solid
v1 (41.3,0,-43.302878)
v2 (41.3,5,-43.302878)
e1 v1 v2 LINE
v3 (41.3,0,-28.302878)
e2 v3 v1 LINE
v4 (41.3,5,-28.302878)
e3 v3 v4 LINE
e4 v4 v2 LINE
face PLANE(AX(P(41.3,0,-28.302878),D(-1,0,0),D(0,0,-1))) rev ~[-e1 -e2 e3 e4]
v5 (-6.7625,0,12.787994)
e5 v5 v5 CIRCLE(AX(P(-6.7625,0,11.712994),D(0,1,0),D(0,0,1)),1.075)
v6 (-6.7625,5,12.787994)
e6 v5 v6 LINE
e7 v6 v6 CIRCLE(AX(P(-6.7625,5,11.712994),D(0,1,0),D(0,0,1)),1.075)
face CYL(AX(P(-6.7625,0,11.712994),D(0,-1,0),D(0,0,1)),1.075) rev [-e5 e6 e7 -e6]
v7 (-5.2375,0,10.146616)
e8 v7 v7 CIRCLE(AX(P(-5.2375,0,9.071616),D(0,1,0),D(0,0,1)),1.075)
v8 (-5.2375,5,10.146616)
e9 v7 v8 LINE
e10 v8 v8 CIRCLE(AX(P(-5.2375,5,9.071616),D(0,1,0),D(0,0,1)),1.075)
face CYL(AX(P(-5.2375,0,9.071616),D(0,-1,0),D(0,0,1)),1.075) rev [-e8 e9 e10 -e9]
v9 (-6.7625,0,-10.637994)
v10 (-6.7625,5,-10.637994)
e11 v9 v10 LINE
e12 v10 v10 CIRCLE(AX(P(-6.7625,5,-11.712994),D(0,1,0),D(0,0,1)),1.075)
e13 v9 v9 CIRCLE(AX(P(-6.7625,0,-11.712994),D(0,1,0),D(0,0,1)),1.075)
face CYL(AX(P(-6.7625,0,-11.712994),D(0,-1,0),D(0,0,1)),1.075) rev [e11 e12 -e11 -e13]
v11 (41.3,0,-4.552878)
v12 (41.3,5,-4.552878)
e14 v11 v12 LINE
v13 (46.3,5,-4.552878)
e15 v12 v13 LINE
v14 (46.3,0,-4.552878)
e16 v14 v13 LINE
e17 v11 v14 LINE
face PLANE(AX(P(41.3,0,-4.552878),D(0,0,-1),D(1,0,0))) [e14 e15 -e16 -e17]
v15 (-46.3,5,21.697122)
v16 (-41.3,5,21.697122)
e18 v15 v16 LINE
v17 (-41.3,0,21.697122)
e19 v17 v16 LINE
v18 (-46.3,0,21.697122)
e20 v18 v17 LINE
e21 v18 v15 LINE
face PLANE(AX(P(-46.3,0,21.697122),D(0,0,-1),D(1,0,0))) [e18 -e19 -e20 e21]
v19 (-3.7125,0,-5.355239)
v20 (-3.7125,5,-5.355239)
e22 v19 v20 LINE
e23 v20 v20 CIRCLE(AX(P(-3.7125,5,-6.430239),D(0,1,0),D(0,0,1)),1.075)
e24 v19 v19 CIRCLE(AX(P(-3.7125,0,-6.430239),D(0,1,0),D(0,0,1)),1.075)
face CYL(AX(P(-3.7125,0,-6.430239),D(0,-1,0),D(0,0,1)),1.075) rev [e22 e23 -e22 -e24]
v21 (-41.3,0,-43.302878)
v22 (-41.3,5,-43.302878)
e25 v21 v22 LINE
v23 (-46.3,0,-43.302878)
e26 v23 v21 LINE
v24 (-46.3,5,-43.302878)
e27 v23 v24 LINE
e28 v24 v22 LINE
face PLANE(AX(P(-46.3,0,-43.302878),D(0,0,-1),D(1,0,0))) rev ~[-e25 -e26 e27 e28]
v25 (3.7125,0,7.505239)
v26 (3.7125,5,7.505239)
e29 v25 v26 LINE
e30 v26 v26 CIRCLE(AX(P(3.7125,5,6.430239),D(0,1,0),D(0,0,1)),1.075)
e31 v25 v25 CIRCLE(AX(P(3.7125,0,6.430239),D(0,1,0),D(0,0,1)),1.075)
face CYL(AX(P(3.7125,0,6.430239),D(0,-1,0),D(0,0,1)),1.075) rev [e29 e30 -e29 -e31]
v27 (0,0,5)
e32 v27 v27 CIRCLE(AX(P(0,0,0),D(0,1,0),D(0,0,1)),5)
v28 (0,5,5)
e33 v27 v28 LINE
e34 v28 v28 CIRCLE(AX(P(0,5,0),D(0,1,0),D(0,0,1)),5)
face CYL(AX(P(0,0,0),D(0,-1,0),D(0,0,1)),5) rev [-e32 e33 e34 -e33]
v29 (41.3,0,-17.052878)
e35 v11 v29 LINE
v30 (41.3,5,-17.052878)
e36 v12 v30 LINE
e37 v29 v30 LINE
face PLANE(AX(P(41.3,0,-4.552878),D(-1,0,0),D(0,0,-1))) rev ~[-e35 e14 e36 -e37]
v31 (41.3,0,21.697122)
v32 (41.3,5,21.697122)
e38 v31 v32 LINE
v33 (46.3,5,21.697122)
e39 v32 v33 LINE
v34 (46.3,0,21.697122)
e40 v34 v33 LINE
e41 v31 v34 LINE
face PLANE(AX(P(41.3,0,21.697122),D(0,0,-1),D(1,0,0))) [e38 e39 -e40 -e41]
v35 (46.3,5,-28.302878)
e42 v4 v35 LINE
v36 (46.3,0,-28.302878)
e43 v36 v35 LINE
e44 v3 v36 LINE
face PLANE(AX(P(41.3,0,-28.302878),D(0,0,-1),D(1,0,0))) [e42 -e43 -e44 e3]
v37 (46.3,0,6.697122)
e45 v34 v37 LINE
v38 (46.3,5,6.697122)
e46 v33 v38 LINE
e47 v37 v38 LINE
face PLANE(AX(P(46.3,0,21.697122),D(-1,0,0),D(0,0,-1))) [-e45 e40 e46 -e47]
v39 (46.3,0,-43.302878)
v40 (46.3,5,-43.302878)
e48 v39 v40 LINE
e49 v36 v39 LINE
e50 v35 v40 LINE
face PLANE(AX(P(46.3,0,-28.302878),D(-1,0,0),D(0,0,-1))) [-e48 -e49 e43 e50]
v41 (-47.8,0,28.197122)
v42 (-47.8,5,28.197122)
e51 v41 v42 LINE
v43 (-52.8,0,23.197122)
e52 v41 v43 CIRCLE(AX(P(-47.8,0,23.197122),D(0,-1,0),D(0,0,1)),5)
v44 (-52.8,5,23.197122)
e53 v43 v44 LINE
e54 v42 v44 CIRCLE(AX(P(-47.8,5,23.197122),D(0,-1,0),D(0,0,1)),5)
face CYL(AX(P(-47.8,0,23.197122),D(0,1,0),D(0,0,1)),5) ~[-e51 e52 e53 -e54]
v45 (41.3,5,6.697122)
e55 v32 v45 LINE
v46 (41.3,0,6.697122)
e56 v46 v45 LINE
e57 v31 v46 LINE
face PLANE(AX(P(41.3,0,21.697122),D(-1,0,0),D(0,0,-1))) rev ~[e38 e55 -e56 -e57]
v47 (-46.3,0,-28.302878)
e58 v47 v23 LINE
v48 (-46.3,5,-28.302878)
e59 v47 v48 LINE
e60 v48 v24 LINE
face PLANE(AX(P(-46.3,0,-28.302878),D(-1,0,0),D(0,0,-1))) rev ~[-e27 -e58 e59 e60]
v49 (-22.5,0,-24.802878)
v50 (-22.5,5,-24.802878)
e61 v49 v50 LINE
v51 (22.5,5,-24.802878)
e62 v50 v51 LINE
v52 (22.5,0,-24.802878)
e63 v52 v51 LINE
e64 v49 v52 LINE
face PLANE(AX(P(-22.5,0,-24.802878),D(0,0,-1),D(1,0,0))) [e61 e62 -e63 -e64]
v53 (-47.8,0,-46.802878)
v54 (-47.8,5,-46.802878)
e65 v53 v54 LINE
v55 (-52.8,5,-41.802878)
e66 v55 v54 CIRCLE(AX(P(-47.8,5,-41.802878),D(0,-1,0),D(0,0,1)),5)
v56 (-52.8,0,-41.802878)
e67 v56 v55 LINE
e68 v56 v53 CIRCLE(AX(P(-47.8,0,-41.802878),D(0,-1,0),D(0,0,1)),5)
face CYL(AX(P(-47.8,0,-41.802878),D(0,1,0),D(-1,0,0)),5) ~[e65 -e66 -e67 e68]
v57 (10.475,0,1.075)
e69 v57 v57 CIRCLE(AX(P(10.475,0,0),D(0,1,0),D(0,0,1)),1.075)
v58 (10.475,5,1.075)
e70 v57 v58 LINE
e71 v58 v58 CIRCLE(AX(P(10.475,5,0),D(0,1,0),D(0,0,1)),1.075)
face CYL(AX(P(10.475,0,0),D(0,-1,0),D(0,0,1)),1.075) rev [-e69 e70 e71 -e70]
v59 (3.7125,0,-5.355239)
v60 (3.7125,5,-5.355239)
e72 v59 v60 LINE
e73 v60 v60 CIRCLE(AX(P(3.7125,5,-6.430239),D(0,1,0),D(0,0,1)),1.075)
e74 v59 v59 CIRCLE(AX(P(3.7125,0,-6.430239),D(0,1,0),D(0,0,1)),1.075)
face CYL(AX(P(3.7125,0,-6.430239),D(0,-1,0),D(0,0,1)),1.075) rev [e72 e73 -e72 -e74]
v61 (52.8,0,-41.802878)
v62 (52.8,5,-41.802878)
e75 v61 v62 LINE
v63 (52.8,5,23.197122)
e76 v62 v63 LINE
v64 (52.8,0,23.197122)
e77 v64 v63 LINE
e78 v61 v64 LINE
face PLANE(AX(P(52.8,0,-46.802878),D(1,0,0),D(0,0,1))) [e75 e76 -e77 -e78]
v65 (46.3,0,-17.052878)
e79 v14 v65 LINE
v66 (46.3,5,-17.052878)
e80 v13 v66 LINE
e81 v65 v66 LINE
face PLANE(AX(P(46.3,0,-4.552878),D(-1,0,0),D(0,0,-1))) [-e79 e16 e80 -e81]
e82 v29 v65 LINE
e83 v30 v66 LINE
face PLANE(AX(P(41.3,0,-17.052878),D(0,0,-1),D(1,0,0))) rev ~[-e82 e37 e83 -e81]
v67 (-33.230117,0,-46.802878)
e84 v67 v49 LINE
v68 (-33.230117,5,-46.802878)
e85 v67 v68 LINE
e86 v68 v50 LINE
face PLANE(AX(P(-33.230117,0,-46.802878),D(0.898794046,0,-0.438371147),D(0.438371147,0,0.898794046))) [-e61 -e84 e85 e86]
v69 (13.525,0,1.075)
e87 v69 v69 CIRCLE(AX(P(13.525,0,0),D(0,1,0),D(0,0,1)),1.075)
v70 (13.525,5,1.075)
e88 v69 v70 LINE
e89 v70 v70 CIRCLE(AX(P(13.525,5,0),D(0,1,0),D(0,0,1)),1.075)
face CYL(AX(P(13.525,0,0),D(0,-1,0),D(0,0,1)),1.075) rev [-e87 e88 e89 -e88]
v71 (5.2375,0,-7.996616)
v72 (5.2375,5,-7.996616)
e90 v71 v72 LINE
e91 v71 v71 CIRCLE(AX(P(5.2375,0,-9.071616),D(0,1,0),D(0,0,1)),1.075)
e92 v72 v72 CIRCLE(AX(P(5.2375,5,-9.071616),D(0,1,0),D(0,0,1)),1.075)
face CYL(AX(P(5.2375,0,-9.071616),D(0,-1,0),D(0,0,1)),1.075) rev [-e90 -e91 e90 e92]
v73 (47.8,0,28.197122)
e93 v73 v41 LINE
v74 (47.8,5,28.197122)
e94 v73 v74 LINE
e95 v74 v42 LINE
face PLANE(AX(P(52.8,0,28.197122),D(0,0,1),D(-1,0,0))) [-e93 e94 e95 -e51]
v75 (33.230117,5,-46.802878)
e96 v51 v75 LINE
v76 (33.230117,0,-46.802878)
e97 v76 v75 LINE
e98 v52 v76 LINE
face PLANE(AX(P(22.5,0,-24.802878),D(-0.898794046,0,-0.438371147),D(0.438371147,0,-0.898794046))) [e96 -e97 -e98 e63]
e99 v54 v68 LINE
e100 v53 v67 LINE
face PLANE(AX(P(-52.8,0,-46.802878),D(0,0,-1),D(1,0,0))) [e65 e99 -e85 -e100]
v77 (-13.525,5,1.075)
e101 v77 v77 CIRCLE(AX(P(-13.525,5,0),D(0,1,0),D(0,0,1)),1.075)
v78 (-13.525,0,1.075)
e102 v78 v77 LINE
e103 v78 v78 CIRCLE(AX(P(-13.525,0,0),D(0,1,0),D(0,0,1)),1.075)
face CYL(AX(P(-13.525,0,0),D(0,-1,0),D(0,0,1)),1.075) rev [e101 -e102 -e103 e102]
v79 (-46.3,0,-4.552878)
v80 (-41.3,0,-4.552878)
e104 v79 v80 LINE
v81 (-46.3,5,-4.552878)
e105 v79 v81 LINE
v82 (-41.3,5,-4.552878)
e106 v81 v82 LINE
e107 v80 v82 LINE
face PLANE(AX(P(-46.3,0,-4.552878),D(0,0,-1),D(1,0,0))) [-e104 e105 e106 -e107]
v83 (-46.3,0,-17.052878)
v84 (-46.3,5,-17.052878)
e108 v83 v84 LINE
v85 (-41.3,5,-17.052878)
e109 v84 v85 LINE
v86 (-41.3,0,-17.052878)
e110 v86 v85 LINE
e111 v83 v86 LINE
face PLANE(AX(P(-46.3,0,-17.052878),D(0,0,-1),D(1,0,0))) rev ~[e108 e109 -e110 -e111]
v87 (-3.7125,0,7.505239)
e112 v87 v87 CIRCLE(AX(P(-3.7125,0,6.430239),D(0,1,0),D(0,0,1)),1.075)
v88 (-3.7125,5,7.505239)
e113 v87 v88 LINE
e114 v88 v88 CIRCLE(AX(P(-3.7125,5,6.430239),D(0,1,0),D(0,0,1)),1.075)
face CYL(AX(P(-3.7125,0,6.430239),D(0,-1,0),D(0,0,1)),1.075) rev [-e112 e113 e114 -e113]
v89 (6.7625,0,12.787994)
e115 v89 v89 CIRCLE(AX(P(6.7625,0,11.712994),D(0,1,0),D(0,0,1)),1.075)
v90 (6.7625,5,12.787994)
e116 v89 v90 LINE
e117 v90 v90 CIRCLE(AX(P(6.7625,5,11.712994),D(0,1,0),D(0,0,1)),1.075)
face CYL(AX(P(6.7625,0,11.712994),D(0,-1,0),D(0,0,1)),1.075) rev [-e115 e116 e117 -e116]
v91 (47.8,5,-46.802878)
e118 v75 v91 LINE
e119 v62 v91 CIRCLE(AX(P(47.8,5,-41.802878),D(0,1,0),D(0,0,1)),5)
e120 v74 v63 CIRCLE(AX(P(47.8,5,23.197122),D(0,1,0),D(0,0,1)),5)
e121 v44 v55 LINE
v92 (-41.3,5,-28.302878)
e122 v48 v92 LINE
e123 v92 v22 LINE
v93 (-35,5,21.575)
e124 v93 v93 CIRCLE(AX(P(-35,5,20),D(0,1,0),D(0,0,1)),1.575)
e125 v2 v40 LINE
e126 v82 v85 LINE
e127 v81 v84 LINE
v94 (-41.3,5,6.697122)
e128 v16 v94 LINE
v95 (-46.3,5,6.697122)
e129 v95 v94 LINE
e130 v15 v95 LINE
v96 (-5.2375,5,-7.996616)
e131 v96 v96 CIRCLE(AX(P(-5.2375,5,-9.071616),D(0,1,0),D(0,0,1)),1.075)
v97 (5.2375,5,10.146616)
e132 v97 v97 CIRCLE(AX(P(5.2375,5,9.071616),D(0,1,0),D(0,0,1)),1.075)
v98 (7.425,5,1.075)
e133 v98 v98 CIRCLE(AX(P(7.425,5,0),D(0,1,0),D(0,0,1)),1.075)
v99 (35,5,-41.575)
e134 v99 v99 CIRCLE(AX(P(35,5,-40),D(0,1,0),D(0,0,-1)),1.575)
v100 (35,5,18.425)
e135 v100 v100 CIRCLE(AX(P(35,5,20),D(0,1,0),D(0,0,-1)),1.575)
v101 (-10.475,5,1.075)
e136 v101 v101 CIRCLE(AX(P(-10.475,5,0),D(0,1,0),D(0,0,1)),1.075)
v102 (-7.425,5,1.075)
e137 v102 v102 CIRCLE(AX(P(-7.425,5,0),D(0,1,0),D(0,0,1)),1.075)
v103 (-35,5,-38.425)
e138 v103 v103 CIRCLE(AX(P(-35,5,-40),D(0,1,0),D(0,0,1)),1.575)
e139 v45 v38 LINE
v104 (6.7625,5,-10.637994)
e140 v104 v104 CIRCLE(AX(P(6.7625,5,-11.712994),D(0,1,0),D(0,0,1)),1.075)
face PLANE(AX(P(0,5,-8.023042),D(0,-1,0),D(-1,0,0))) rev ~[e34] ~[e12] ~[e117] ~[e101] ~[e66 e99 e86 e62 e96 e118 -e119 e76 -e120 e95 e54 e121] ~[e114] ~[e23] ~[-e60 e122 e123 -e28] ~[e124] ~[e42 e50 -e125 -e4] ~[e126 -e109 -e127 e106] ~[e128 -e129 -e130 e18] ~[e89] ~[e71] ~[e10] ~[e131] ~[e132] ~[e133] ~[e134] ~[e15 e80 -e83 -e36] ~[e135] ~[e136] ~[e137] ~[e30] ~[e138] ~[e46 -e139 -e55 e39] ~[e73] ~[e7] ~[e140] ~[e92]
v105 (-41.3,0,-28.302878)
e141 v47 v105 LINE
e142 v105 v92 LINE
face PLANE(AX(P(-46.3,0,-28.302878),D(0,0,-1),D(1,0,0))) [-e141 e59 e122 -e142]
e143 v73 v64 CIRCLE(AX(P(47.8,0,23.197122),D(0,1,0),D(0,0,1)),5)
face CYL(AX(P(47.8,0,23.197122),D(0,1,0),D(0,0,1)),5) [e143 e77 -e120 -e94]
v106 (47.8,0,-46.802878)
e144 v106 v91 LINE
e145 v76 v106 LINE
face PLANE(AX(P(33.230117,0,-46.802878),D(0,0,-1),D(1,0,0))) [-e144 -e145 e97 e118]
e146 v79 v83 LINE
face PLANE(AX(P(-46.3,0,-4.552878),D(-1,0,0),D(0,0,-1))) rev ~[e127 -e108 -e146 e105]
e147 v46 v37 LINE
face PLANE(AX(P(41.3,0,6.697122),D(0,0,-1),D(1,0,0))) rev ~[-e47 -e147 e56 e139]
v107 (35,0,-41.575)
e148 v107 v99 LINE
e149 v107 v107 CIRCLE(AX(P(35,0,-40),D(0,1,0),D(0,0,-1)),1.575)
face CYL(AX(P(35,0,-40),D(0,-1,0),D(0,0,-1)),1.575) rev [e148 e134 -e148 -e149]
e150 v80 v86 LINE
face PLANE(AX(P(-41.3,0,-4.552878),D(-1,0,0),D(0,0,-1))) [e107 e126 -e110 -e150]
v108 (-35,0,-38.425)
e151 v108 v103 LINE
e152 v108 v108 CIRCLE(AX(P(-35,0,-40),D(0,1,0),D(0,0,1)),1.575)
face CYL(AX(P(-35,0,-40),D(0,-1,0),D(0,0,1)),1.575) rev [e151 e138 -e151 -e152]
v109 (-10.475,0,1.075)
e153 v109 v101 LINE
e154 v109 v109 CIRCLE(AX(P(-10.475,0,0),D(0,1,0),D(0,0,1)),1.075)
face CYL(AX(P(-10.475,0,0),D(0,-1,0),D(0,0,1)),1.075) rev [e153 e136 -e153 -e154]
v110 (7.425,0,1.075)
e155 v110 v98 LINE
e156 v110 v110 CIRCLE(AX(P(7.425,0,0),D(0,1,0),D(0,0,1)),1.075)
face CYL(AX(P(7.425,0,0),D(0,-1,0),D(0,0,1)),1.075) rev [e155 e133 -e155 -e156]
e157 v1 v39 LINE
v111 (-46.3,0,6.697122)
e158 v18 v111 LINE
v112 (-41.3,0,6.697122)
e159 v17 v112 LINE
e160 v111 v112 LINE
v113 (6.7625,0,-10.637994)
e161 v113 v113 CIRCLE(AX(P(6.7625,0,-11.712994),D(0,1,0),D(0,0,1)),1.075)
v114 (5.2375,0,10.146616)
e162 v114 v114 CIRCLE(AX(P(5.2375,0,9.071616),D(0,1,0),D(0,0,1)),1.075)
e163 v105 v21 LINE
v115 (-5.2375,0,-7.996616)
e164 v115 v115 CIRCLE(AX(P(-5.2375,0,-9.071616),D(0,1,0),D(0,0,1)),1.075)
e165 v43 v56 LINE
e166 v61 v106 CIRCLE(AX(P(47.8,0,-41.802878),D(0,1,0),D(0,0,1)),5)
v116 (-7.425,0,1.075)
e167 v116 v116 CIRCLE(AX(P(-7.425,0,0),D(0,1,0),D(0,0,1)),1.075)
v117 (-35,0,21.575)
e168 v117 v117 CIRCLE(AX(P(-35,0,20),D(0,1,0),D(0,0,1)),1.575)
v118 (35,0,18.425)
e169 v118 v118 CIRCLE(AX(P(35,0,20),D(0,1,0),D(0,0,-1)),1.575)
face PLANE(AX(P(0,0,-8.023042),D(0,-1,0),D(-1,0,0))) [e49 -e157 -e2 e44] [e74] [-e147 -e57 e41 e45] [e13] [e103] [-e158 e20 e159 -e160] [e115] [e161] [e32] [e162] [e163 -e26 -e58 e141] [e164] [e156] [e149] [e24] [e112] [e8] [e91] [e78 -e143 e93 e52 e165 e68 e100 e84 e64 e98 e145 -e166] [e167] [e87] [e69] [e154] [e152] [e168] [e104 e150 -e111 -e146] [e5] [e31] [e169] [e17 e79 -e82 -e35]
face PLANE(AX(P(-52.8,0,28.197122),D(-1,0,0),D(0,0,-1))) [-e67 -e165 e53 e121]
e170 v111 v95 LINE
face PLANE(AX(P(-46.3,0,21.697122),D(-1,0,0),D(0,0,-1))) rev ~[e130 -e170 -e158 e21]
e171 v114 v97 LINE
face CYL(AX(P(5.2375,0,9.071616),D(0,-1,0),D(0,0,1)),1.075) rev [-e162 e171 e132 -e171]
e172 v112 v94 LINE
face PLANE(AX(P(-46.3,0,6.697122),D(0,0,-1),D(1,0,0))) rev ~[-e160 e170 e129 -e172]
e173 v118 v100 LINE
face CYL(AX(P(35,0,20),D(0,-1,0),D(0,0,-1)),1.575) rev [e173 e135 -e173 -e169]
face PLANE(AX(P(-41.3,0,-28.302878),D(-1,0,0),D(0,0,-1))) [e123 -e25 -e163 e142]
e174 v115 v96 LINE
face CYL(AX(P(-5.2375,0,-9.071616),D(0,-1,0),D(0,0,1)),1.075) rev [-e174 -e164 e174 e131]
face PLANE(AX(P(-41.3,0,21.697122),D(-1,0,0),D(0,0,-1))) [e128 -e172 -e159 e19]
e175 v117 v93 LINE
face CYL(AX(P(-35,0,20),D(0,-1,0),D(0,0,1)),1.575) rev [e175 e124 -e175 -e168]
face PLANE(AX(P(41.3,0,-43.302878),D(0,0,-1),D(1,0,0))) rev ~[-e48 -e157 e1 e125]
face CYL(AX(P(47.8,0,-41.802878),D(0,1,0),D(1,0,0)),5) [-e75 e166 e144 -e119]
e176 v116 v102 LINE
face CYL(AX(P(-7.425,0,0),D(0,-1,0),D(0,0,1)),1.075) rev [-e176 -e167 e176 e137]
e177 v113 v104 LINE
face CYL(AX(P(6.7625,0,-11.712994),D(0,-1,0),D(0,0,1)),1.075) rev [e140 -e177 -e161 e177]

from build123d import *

# Parameters (mm, degrees)
SKETCH_1_R      = 5
SKETCH_1_R_2    = 1.075
SKETCH_1_R_3    = 1.575
SKETCH_1_W      = 5
SKETCH_1_H      = 15
SKETCH_1_H_2    = 12.5
EXTRUDE_1_DEPTH = 5
FILLET_1_R      = 5


with BuildPart() as part:
    # 草图1 → 凸台-拉伸1 (new body)
    with BuildSketch(Plane(origin=(0, 0, 0), x_dir=(1, 0, 0), z_dir=(0, 1, 0))):
        Polygon((52.8, -28.197121602), (-52.8, -28.197121602), (-52.8, 46.802878398), (-33.230116948, 46.802878398), (-22.5, 24.802878398), (22.5, 24.802878398), (33.230116948, 46.802878398), (52.8, 46.802878398), align=None)
        with Locations(Location((0, 0, 0), (0, 0, 270))):
            Circle(SKETCH_1_R, mode=Mode.SUBTRACT)
        with Locations(Location((-13.525, 0, 0), (0, 0, 270))):
            Circle(SKETCH_1_R_2, mode=Mode.SUBTRACT)
        with Locations(Location((-10.475, 0, 0), (0, 0, 270))):
            Circle(SKETCH_1_R_2, mode=Mode.SUBTRACT)
        with Locations(Location((-7.425, 0, 0), (0, 0, 270))):
            Circle(SKETCH_1_R_2, mode=Mode.SUBTRACT)
        with Locations(Location((-6.7625, 11.712993586, 0), (0, 0, 270))):
            Circle(SKETCH_1_R_2, mode=Mode.SUBTRACT)
        with Locations(Location((-5.2375, 9.071616105, 0), (0, 0, 270))):
            Circle(SKETCH_1_R_2, mode=Mode.SUBTRACT)
        with Locations(Location((-3.7125, 6.430238623, 0), (0, 0, 270))):
            Circle(SKETCH_1_R_2, mode=Mode.SUBTRACT)
        with Locations(Location((6.7625, 11.712993586, 0), (0, 0, 270))):
            Circle(SKETCH_1_R_2, mode=Mode.SUBTRACT)
        with Locations(Location((5.2375, 9.071616105, 0), (0, 0, 270))):
            Circle(SKETCH_1_R_2, mode=Mode.SUBTRACT)
        with Locations(Location((3.7125, 6.430238623, 0), (0, 0, 270))):
            Circle(SKETCH_1_R_2, mode=Mode.SUBTRACT)
        with Locations(Location((13.525, 0, 0), (0, 0, 270))):
            Circle(SKETCH_1_R_2, mode=Mode.SUBTRACT)
        with Locations(Location((10.475, 0, 0), (0, 0, 270))):
            Circle(SKETCH_1_R_2, mode=Mode.SUBTRACT)
        with Locations(Location((7.425, 0, 0), (0, 0, 270))):
            Circle(SKETCH_1_R_2, mode=Mode.SUBTRACT)
        with Locations(Location((6.7625, -11.712993586, 0), (0, 0, 270))):
            Circle(SKETCH_1_R_2, mode=Mode.SUBTRACT)
        with Locations(Location((5.2375, -9.071616105, 0), (0, 0, 270))):
            Circle(SKETCH_1_R_2, mode=Mode.SUBTRACT)
        with Locations(Location((3.7125, -6.430238623, 0), (0, 0, 270))):
            Circle(SKETCH_1_R_2, mode=Mode.SUBTRACT)
        with Locations(Location((-6.7625, -11.712993586, 0), (0, 0, 270))):
            Circle(SKETCH_1_R_2, mode=Mode.SUBTRACT)
        with Locations(Location((-5.2375, -9.071616105, 0), (0, 0, 270))):
            Circle(SKETCH_1_R_2, mode=Mode.SUBTRACT)
        with Locations(Location((-3.7125, -6.430238623, 0), (0, 0, 270))):
            Circle(SKETCH_1_R_2, mode=Mode.SUBTRACT)
        with Locations(Location((-35, -20, 0), (0, 0, 270))):
            Circle(SKETCH_1_R_3, mode=Mode.SUBTRACT)
        with Locations(Location((-35, 40, 0), (0, 0, 270))):
            Circle(SKETCH_1_R_3, mode=Mode.SUBTRACT)
        with Locations(Location((35, 40, 0), (0, 0, 90))):
            Circle(SKETCH_1_R_3, mode=Mode.SUBTRACT)
        with Locations(Location((35, -20, 0), (0, 0, 90))):
            Circle(SKETCH_1_R_3, mode=Mode.SUBTRACT)
        with Locations((-43.8, 35.802878398)):
            Rectangle(SKETCH_1_W, SKETCH_1_H, mode=Mode.SUBTRACT)
        with Locations((-43.8, 10.802878398)):
            Rectangle(SKETCH_1_W, SKETCH_1_H_2, mode=Mode.SUBTRACT)
        with Locations((-43.8, -14.197121602)):
            Rectangle(SKETCH_1_W, SKETCH_1_H, mode=Mode.SUBTRACT)
        with Locations((43.8, -14.197121602)):
            Rectangle(SKETCH_1_W, SKETCH_1_H, mode=Mode.SUBTRACT)
        with Locations((43.8, 10.802878398)):
            Rectangle(SKETCH_1_W, SKETCH_1_H_2, mode=Mode.SUBTRACT)
        with Locations((43.8, 35.802878398)):
            Rectangle(SKETCH_1_W, SKETCH_1_H, mode=Mode.SUBTRACT)
    extrude(amount=EXTRUDE_1_DEPTH)

    # 圆角1
    fillet_1_edges = [part.edges().sort_by_distance(p)[0] for p in [
        (52.8, 2.5, -46.802878398),
        (52.8, 2.5, 28.197121602),
        (-52.8, 2.5, 28.197121602),
        (-52.8, 2.5, -46.802878398),
    ]]
    fillet(fillet_1_edges, radius=FILLET_1_R)


solid = part.part
